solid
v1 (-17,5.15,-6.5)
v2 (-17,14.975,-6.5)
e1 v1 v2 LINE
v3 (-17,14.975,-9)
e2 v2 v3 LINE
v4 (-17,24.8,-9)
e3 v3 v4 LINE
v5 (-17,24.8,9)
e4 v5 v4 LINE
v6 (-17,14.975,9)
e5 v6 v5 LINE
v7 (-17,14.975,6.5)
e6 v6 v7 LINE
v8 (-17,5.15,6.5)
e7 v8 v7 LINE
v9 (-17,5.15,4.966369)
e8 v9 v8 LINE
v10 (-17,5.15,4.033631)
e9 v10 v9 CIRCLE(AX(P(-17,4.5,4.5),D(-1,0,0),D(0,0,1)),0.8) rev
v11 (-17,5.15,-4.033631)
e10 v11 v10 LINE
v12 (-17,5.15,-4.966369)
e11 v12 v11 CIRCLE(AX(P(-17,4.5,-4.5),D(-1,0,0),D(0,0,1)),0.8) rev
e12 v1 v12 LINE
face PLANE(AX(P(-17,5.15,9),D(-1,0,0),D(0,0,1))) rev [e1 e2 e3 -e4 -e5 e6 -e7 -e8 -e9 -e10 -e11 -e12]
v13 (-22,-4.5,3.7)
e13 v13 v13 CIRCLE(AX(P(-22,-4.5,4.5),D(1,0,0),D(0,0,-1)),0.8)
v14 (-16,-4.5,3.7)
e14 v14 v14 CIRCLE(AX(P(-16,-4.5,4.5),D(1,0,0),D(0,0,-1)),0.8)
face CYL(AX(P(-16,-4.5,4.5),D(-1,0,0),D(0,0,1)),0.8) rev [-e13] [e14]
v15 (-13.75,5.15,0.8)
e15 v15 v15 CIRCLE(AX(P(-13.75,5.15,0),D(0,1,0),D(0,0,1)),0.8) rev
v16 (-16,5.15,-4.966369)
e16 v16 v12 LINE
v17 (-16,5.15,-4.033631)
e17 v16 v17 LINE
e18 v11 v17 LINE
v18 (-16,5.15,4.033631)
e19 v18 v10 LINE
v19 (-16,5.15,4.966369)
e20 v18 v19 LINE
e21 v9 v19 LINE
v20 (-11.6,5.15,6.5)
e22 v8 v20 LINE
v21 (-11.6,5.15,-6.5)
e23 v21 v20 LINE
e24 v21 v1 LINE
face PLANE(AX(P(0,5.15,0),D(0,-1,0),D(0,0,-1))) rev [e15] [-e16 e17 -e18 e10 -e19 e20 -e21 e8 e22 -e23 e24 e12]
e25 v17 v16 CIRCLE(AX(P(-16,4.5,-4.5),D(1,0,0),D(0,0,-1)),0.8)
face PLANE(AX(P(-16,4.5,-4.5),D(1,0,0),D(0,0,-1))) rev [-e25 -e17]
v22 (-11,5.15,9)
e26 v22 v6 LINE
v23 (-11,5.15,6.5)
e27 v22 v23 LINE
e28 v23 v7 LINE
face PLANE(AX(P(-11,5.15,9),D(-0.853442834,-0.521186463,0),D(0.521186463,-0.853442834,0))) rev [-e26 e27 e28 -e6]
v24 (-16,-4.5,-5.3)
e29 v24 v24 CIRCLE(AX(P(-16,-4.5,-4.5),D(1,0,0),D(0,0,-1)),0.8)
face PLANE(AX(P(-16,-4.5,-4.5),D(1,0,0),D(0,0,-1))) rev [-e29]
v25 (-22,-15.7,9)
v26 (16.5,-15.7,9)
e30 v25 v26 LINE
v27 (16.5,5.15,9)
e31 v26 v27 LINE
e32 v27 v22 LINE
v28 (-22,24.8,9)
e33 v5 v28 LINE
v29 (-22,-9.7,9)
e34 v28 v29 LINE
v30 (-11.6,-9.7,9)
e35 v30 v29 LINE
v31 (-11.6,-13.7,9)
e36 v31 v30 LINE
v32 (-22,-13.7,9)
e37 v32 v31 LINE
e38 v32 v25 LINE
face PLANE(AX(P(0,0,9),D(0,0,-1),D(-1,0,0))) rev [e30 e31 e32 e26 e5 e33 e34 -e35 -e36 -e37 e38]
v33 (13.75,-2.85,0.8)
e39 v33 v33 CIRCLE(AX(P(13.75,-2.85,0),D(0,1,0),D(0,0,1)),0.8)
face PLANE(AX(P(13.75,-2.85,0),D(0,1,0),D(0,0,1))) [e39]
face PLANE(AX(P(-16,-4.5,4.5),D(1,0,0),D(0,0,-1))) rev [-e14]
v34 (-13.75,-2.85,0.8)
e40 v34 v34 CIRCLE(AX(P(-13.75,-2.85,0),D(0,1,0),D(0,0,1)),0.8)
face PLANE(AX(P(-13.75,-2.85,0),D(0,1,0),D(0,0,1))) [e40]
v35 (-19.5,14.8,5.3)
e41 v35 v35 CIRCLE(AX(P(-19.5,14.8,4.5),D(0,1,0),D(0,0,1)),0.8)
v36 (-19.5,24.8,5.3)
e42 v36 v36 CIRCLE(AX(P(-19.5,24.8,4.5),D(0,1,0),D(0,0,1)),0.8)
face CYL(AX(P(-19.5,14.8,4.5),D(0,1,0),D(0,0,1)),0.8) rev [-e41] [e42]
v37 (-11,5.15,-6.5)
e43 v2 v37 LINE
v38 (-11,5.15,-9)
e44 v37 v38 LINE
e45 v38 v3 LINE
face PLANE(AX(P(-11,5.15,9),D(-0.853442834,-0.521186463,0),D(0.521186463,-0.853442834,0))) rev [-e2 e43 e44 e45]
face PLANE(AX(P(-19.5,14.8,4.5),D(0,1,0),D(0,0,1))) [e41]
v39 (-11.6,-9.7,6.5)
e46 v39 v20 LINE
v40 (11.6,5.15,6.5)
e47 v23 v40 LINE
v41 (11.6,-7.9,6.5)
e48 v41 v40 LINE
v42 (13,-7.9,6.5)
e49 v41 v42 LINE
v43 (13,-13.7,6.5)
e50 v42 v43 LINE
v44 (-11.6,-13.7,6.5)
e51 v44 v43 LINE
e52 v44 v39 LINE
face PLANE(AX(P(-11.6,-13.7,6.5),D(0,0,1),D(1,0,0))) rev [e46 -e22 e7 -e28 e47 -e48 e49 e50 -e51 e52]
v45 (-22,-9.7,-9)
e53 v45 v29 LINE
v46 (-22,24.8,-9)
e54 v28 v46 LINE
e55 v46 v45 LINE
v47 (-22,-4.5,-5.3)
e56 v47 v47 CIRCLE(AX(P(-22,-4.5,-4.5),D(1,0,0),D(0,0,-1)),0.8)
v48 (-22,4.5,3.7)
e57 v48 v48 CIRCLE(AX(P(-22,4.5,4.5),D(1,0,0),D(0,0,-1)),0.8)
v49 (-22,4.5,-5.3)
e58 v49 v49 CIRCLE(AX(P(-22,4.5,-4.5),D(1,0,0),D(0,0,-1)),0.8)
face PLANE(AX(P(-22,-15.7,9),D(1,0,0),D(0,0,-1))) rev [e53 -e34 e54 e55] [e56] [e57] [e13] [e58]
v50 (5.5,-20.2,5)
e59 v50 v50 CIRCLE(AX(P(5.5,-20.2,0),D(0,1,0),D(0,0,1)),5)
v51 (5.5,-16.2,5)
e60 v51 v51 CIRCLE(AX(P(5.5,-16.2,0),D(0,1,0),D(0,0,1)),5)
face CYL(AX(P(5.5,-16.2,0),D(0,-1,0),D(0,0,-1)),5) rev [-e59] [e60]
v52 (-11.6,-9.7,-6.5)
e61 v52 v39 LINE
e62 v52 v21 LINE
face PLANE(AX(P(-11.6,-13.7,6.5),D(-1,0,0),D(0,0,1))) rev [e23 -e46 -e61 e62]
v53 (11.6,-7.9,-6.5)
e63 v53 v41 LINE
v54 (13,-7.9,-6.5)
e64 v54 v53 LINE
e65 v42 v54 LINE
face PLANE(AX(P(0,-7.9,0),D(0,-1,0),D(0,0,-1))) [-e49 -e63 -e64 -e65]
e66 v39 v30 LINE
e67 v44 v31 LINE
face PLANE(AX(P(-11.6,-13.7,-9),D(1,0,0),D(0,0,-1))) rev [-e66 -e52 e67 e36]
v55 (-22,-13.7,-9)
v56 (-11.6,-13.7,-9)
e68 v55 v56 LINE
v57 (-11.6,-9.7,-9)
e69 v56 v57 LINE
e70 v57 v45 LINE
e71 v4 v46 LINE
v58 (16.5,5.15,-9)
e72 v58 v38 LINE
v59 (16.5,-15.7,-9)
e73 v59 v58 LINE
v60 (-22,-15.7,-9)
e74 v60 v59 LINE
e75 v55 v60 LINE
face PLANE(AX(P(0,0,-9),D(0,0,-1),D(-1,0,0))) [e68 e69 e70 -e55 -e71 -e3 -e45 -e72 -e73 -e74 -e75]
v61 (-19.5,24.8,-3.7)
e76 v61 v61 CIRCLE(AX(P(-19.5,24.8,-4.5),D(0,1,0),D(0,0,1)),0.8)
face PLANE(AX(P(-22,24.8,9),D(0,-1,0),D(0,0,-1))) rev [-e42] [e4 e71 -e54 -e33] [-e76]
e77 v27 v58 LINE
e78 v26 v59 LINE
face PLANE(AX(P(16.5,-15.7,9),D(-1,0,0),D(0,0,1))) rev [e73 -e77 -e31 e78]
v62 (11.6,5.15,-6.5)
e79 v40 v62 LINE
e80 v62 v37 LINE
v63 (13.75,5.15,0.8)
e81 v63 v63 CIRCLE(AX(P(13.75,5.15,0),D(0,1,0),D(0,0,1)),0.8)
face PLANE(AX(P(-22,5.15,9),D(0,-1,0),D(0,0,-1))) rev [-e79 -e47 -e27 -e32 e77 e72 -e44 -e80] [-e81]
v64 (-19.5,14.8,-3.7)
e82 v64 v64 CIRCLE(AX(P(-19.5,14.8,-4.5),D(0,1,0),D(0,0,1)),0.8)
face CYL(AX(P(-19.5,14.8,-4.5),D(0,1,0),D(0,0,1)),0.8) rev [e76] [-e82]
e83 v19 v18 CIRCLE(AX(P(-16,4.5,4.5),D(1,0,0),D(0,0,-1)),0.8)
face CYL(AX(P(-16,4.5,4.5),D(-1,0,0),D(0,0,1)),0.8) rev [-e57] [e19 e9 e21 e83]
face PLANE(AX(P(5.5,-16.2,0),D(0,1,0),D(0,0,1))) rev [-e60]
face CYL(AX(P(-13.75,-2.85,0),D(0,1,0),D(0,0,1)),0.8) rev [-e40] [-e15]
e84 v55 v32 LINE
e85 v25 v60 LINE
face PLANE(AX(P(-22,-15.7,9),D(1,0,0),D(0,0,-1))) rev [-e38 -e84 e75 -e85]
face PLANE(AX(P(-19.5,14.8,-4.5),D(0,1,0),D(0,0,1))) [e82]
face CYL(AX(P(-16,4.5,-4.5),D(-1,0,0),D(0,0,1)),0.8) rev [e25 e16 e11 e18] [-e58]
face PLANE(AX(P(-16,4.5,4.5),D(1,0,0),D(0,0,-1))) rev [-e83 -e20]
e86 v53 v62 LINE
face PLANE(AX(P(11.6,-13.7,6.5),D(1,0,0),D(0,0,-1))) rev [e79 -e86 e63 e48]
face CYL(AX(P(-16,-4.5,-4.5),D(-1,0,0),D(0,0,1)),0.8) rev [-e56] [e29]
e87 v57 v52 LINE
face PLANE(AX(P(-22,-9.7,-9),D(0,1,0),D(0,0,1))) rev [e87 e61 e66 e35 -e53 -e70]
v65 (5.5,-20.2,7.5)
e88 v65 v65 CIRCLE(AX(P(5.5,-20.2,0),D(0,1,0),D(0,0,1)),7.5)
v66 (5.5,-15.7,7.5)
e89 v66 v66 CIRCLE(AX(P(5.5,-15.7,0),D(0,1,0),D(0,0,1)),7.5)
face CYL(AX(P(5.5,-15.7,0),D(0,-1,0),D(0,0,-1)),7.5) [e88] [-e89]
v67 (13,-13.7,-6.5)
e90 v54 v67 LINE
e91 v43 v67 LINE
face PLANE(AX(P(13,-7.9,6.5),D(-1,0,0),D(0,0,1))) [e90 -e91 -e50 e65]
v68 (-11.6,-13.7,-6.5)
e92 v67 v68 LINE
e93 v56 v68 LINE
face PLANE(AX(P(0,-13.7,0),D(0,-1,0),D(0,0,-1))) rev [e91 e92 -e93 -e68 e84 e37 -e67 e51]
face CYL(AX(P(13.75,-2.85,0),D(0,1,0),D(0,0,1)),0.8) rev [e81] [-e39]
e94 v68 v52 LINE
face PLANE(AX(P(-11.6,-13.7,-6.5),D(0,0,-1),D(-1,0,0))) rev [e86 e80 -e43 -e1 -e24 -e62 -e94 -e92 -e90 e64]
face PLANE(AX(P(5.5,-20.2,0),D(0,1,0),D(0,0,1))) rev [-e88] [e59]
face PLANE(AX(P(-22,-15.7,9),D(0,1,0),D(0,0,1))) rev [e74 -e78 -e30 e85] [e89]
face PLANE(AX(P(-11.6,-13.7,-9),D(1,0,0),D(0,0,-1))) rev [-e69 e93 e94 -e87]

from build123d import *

# Parameters (mm, degrees)
SKETCH1_W               = 38.5
SKETCH1_H               = 20.85
BOSS_EXTRUDE1_DEPTH     = 9
SKETCH2_W               = 5
SKETCH2_H               = 19.65
BOSS_EXTRUDE2_DEPTH     = 9
SKETCH3_R               = 7.5
BOSS_EXTRUDE3_DEPTH     = 4.5
SKETCH4_W               = 23.2
SKETCH4_H               = 13
CUT_EXTRUDE1_DEPTH      = 18.85
SKETCH5_R               = 5
CUT_EXTRUDE3_DEPTH      = 4
SKETCH6_W               = 1.4
SKETCH6_H               = 13
CUT_EXTRUDE5_DEPTH      = 5.8
CUT_EXTRUDE6_DEPTH      = 35.351710292
CUT_EXTRUDE6_DEPTH_BACK = 35.351710292
SKETCH7_W               = 10.4
SKETCH7_H               = 4
SKETCH8_R               = 0.8
CUT_EXTRUDE7_DEPTH      = 8
SKETCH9_R               = 0.8
CUT_EXTRUDE8_DEPTH      = 8
SKETCH10_R              = 0.8
CUT_EXTRUDE9_DEPTH      = 10
SKETCH11_R              = 0.8
CUT_EXTRUDE10_DEPTH     = 10
BOSS_EXTRUDE4_DEPTH     = 9
SKETCH13_W              = 6
SKETCH13_H              = 13
CUT_EXTRUDE11_DEPTH     = 9.85
SKETCH14_R              = 0.8
CUT_EXTRUDE13_DEPTH     = 6


with BuildPart() as part:
    # Sketch1 → Boss-Extrude1 (new, symmetric)
    with BuildSketch(Plane.XY):
        with Locations((-2.75, -5.275)):
            Rectangle(SKETCH1_W, SKETCH1_H)
    extrude(amount=BOSS_EXTRUDE1_DEPTH, both=True)

    # Sketch2 → Boss-Extrude2 (add, symmetric)
    with BuildSketch(Plane.XY):
        with Locations((-19.5, 14.975)):
            Rectangle(SKETCH2_W, SKETCH2_H)
    extrude(amount=BOSS_EXTRUDE2_DEPTH, both=True)

    # Sketch3 → Boss-Extrude3 (add)
    with BuildSketch(Plane(origin=(0, -20.2, 0), x_dir=(1, 0, 0), z_dir=(0, 1, 0))):
        with Locations(Location((5.5, 0, 0), (0, 0, 270))):
            Circle(SKETCH3_R)
    extrude(amount=BOSS_EXTRUDE3_DEPTH)

    # Sketch4 → Cut-Extrude1 (cut)
    with BuildSketch(Plane(origin=(0, 5.15, 0), x_dir=(1, 0, 0), z_dir=(0, 1, 0))):
        Rectangle(SKETCH4_W, SKETCH4_H)
    extrude(amount=-CUT_EXTRUDE1_DEPTH, mode=Mode.SUBTRACT)

    # Sketch5 → Cut-Extrude3 (cut)
    with BuildSketch(Plane(origin=(0, -20.2, 0), x_dir=(1, 0, 0), z_dir=(0, 1, 0))):
        with Locations(Location((5.5, 0, 0), (0, 0, 270))):
            Circle(SKETCH5_R)
    extrude(amount=CUT_EXTRUDE3_DEPTH, mode=Mode.SUBTRACT)

    # Sketch6 → Cut-Extrude5 (cut)
    with BuildSketch(Plane(origin=(0, -13.7, 0), x_dir=(1, 0, 0), z_dir=(0, 1, 0))):
        with Locations((12.3, 0)):
            Rectangle(SKETCH6_W, SKETCH6_H)
    extrude(amount=CUT_EXTRUDE5_DEPTH, mode=Mode.SUBTRACT)

    # Sketch7 → Cut-Extrude6 (cut, two sides: drawn at the far end of the back side and taken through both)
    with BuildSketch(Plane.XY.offset(-CUT_EXTRUDE6_DEPTH_BACK)):
        with Locations((-16.8, -11.7)):
            Rectangle(SKETCH7_W, SKETCH7_H)
    extrude(amount=CUT_EXTRUDE6_DEPTH + CUT_EXTRUDE6_DEPTH_BACK, mode=Mode.SUBTRACT)

    # Sketch8 → Cut-Extrude7 (cut)
    with BuildSketch(Plane(origin=(0, 5.15, 0), x_dir=(1, 0, 0), z_dir=(0, 1, 0))):
        with Locations(Location((-13.75, 0, 0), (0, 0, 270))):
            Circle(SKETCH8_R)
    extrude(amount=-CUT_EXTRUDE7_DEPTH, mode=Mode.SUBTRACT)

    # Sketch9 → Cut-Extrude8 (cut)
    with BuildSketch(Plane(origin=(0, 5.15, 0), x_dir=(1, 0, 0), z_dir=(0, 1, 0))):
        with Locations(Location((13.75, 0, 0), (0, 0, 270))):
            Circle(SKETCH9_R)
    extrude(amount=-CUT_EXTRUDE8_DEPTH, mode=Mode.SUBTRACT)

    # Sketch10 → Cut-Extrude9 (cut)
    with BuildSketch(Plane(origin=(0, 24.8, 0), x_dir=(1, 0, 0), z_dir=(0, 1, 0))):
        with Locations(Location((-19.5, -4.5, 0), (0, 0, 270))):
            Circle(SKETCH10_R)
    extrude(amount=-CUT_EXTRUDE9_DEPTH, mode=Mode.SUBTRACT)

    # Sketch11 → Cut-Extrude10 (cut)
    with BuildSketch(Plane(origin=(0, 24.8, 0), x_dir=(1, 0, 0), z_dir=(0, 1, 0))):
        with Locations(Location((-19.5, 4.5, 0), (0, 0, 270))):
            Circle(SKETCH11_R)
    extrude(amount=-CUT_EXTRUDE10_DEPTH, mode=Mode.SUBTRACT)

    # Sketch12 → Boss-Extrude4 (add, symmetric)
    with BuildSketch(Plane.XY):
        Polygon((-17, 5.15), (-11, 5.15), (-17, 14.975), align=None)
    extrude(amount=BOSS_EXTRUDE4_DEPTH, both=True)

    # Sketch13 → Cut-Extrude11 (cut)
    with BuildSketch(Plane(origin=(0, 15, 0), x_dir=(1, 0, 0), z_dir=(0, 1, 0))):
        with Locations((-14, 0)):
            Rectangle(SKETCH13_W, SKETCH13_H)
    extrude(amount=-CUT_EXTRUDE11_DEPTH, mode=Mode.SUBTRACT)

    # Sketch14 → Cut-Extrude13 (cut)
    with BuildSketch(Plane(origin=(-22, 0, 0), x_dir=(0, 0, -1), z_dir=(1, 0, 0))):
        with Locations((-4.5, -4.5)):
            Circle(SKETCH14_R)
        with Locations((4.5, -4.5)):
            Circle(SKETCH14_R)
        with Locations(Location((-4.5, 4.5, 0), (0, 0, 125.659087696))):
            Circle(SKETCH14_R)
        with Locations(Location((4.5, 4.5, 0), (0, 0, 125.659087696))):
            Circle(SKETCH14_R)
    extrude(amount=CUT_EXTRUDE13_DEPTH, mode=Mode.SUBTRACT)


solid = part.part
